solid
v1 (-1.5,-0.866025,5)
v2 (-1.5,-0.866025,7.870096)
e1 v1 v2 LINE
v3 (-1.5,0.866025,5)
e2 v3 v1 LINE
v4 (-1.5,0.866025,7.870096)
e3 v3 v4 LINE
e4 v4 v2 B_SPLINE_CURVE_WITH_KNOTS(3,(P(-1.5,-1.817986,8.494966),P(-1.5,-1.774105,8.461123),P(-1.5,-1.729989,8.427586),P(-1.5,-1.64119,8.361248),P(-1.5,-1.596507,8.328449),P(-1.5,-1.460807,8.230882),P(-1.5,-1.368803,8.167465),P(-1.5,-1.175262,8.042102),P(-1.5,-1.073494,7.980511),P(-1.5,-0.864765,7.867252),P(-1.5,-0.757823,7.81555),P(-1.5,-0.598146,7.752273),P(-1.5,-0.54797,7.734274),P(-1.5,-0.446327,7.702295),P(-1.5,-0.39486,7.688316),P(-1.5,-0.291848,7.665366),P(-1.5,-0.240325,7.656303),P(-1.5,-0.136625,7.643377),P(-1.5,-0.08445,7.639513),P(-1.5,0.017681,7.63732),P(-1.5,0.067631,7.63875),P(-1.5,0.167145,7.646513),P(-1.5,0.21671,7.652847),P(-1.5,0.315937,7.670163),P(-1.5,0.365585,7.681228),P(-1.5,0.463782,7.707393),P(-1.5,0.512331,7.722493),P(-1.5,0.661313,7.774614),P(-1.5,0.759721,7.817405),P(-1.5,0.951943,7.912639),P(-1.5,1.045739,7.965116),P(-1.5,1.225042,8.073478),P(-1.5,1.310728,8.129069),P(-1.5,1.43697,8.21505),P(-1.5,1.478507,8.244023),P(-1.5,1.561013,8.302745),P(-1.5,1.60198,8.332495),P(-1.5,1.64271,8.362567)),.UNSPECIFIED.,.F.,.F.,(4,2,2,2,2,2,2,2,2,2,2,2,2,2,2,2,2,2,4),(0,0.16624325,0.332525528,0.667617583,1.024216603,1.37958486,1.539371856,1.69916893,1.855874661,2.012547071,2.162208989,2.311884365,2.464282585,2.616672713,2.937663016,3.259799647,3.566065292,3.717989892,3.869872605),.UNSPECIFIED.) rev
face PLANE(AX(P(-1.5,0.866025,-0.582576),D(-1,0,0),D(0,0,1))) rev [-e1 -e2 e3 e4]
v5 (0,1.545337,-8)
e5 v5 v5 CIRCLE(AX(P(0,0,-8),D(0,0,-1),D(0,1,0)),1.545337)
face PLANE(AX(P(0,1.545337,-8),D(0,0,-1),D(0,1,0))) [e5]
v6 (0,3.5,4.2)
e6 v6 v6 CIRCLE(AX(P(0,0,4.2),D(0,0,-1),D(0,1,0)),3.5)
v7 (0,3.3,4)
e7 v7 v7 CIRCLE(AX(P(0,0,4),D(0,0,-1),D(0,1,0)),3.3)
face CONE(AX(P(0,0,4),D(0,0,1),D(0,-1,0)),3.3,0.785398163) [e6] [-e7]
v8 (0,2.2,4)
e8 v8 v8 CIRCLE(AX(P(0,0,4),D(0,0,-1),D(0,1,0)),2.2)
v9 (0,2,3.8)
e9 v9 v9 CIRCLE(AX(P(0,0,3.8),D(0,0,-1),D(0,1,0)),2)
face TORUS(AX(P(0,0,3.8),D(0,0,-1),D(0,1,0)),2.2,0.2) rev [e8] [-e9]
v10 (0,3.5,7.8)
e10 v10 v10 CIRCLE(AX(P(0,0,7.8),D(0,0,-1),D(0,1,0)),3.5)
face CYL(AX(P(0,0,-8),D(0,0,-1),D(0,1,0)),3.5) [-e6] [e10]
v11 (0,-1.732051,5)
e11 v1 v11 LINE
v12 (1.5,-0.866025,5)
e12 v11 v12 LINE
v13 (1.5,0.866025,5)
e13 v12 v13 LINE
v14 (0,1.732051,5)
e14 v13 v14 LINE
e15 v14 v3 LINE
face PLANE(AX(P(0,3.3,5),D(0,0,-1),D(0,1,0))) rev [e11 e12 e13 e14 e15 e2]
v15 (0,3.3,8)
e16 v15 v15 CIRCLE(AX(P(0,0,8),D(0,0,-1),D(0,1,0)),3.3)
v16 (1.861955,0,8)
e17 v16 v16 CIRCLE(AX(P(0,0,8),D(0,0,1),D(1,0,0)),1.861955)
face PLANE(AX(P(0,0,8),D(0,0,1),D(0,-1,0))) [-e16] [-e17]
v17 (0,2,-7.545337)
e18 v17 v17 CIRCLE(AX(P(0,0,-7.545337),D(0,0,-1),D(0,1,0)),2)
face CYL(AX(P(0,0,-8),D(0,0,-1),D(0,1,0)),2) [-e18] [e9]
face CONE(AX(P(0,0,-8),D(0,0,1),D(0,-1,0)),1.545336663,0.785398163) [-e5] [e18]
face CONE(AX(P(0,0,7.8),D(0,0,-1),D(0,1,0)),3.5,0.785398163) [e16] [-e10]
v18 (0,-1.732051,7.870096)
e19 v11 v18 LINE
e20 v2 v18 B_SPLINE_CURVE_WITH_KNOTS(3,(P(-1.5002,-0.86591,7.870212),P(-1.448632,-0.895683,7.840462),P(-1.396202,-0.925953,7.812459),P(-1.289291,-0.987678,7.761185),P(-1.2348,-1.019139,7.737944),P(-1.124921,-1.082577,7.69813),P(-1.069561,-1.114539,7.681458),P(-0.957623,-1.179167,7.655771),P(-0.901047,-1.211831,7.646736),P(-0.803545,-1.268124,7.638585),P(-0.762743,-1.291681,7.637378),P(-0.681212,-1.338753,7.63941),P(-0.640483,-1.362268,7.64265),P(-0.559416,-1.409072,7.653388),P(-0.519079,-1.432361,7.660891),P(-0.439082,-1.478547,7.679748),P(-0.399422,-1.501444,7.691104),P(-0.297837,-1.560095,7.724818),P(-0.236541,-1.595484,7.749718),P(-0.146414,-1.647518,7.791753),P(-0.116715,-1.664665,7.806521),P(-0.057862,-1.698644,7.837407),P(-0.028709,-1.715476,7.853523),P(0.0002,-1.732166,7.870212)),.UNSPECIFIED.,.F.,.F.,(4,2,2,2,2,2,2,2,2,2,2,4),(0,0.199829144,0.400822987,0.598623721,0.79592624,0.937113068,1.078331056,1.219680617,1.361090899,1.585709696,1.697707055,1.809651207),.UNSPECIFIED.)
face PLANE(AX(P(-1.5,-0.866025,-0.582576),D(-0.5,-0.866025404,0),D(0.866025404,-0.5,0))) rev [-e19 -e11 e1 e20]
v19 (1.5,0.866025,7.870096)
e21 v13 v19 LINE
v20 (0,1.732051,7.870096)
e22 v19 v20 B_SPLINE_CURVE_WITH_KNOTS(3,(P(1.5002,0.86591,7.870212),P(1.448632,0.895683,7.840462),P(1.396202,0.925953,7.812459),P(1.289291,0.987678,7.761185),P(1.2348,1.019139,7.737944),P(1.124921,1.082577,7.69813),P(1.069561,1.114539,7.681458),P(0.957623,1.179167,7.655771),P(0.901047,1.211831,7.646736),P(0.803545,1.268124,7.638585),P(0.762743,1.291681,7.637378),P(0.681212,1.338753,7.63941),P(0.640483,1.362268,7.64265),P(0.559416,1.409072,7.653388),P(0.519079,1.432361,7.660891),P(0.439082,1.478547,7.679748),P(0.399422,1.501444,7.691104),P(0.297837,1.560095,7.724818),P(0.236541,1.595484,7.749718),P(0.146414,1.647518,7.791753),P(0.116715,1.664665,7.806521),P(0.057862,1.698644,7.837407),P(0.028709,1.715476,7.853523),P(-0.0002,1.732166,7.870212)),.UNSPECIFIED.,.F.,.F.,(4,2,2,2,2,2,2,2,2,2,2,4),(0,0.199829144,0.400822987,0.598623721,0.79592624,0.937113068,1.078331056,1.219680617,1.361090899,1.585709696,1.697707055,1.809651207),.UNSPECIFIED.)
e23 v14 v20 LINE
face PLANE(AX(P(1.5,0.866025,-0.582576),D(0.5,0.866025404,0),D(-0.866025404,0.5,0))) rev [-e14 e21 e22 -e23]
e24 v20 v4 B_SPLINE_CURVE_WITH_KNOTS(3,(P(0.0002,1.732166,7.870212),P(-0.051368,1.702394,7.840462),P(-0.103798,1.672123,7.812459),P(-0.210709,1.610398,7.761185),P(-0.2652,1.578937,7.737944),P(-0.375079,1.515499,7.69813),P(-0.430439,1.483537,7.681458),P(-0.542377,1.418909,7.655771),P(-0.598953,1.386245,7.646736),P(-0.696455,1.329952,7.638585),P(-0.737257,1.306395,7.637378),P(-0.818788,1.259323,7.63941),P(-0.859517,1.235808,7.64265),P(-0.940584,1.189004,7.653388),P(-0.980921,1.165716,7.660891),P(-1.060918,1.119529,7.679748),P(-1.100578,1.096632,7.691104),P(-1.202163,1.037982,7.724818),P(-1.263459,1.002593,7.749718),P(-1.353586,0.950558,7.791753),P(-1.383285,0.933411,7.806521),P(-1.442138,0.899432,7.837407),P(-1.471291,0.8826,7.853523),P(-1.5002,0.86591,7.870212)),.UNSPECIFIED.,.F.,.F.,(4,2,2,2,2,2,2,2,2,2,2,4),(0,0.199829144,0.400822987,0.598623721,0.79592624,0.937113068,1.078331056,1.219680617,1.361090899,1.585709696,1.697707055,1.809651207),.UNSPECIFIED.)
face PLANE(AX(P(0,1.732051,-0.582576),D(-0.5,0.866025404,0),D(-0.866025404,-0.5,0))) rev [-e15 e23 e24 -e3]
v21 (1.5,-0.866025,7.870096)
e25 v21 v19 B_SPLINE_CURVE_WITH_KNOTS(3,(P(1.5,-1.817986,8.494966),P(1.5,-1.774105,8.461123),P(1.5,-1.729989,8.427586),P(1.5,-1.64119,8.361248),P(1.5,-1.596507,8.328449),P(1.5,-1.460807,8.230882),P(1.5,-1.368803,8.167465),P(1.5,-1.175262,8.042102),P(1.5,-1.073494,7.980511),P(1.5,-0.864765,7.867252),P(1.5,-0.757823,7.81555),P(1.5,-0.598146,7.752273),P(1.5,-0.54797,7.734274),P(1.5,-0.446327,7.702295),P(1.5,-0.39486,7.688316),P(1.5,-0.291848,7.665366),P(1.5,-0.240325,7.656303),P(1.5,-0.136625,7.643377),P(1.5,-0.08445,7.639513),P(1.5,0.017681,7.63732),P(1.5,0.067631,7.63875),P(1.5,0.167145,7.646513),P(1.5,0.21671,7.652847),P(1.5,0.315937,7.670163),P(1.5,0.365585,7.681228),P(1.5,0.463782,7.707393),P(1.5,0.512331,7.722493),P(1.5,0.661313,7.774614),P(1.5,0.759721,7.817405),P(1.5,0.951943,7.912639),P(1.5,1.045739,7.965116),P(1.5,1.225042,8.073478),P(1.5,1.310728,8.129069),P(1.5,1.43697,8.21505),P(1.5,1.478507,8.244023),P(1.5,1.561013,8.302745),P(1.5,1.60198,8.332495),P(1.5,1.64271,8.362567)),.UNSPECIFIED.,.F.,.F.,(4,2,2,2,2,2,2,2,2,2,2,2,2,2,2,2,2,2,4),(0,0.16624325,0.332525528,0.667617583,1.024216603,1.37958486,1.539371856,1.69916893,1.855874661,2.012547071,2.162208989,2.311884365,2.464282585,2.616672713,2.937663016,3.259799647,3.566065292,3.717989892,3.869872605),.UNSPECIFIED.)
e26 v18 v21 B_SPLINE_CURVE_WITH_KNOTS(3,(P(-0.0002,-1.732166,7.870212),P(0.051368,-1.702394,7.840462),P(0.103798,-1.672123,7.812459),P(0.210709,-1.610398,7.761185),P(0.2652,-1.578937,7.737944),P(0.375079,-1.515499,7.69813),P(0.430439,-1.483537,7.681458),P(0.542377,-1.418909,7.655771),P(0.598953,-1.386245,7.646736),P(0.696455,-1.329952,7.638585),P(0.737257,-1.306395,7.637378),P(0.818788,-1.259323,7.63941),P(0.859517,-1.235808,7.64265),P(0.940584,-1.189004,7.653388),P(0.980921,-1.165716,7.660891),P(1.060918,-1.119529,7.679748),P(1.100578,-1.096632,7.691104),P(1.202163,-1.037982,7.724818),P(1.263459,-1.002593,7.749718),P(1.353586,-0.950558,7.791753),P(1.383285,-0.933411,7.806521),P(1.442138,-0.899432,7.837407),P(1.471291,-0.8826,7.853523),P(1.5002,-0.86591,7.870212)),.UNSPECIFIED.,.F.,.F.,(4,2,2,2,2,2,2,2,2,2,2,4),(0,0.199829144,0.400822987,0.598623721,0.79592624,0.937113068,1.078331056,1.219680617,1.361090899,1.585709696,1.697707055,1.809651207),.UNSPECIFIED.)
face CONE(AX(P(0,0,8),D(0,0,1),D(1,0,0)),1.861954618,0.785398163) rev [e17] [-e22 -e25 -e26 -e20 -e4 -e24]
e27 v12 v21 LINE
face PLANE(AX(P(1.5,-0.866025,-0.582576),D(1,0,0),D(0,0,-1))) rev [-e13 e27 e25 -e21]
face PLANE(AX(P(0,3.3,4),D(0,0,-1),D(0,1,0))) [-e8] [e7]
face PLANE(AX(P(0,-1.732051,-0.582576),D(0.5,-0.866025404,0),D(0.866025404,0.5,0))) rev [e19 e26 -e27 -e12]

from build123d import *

# Parameters (mm, degrees)
CUT_EXTRUDE1_DEPTH = 3
SKETCH4_R          = 1.861954618
CUT_EXTRUDE2_DEPTH = 3
CUT_EXTRUDE2_DRAFT = -45


with BuildPart() as part:
    # Sketch2 → Revolve1 (revolve)
    with BuildSketch(Plane(origin=(0, 0, 0), x_dir=(0, 0, -1), z_dir=(1, 0, 0))):
        with BuildLine():
            Line((-8, 0), (-8, 3.3))
            Line((-8, 3.3), (-7.8, 3.5))
            Line((-7.8, 3.5), (-4.2, 3.5))
            Line((-4.2, 3.5), (-4, 3.3))
            Line((-4, 3.3), (-4, 2.2))
            ThreePointArc((-4, 2.2), (-3.941421356, 2.058578644), (-3.8, 2))
            Line((-3.8, 2), (7.545336663, 2))
            Line((7.545336663, 2), (8, 1.545336663))
            Line((8, 1.545336663), (8, 0))
            Line((8, 0), (-8, 0))
        make_face()
    revolve(axis=Axis((0, 0, -8), (0, 0, 1)))

    # Sketch3 → Cut-Extrude1 (cut)
    with BuildSketch(Plane.XY.offset(8)):
        Polygon((1.5, -0.866025404), (1.5, 0.866025404), (0, 1.732050808), (-1.5, 0.866025404), (-1.5, -0.866025404), (0, -1.732050808), align=None)
    extrude(amount=-CUT_EXTRUDE1_DEPTH, mode=Mode.SUBTRACT)


with BuildPart() as cut_extrude2_tool:
    # Sketch4 → Cut-Extrude2 (with draft: the straight prism first)
    with BuildSketch(Plane.XY.offset(8)):
        Circle(SKETCH4_R)
    extrude(amount=-CUT_EXTRUDE2_DEPTH)
    # Cut-Extrude2: the draft: its side faces are tilted about the plane it starts from
    cut_extrude2_sides = [cut_extrude2_tool.faces().sort_by_distance(p)[0] for p in [
        (-1.861954618, 0, 6.5),
    ]]
    draft(cut_extrude2_sides, Plane.XY.offset(8), CUT_EXTRUDE2_DRAFT)


with BuildPart() as part_1:
    add(part.part)

    # Cut-Extrude2: cut by cut_extrude2_tool
    add(cut_extrude2_tool.part, mode=Mode.SUBTRACT)


solid = part_1.part
